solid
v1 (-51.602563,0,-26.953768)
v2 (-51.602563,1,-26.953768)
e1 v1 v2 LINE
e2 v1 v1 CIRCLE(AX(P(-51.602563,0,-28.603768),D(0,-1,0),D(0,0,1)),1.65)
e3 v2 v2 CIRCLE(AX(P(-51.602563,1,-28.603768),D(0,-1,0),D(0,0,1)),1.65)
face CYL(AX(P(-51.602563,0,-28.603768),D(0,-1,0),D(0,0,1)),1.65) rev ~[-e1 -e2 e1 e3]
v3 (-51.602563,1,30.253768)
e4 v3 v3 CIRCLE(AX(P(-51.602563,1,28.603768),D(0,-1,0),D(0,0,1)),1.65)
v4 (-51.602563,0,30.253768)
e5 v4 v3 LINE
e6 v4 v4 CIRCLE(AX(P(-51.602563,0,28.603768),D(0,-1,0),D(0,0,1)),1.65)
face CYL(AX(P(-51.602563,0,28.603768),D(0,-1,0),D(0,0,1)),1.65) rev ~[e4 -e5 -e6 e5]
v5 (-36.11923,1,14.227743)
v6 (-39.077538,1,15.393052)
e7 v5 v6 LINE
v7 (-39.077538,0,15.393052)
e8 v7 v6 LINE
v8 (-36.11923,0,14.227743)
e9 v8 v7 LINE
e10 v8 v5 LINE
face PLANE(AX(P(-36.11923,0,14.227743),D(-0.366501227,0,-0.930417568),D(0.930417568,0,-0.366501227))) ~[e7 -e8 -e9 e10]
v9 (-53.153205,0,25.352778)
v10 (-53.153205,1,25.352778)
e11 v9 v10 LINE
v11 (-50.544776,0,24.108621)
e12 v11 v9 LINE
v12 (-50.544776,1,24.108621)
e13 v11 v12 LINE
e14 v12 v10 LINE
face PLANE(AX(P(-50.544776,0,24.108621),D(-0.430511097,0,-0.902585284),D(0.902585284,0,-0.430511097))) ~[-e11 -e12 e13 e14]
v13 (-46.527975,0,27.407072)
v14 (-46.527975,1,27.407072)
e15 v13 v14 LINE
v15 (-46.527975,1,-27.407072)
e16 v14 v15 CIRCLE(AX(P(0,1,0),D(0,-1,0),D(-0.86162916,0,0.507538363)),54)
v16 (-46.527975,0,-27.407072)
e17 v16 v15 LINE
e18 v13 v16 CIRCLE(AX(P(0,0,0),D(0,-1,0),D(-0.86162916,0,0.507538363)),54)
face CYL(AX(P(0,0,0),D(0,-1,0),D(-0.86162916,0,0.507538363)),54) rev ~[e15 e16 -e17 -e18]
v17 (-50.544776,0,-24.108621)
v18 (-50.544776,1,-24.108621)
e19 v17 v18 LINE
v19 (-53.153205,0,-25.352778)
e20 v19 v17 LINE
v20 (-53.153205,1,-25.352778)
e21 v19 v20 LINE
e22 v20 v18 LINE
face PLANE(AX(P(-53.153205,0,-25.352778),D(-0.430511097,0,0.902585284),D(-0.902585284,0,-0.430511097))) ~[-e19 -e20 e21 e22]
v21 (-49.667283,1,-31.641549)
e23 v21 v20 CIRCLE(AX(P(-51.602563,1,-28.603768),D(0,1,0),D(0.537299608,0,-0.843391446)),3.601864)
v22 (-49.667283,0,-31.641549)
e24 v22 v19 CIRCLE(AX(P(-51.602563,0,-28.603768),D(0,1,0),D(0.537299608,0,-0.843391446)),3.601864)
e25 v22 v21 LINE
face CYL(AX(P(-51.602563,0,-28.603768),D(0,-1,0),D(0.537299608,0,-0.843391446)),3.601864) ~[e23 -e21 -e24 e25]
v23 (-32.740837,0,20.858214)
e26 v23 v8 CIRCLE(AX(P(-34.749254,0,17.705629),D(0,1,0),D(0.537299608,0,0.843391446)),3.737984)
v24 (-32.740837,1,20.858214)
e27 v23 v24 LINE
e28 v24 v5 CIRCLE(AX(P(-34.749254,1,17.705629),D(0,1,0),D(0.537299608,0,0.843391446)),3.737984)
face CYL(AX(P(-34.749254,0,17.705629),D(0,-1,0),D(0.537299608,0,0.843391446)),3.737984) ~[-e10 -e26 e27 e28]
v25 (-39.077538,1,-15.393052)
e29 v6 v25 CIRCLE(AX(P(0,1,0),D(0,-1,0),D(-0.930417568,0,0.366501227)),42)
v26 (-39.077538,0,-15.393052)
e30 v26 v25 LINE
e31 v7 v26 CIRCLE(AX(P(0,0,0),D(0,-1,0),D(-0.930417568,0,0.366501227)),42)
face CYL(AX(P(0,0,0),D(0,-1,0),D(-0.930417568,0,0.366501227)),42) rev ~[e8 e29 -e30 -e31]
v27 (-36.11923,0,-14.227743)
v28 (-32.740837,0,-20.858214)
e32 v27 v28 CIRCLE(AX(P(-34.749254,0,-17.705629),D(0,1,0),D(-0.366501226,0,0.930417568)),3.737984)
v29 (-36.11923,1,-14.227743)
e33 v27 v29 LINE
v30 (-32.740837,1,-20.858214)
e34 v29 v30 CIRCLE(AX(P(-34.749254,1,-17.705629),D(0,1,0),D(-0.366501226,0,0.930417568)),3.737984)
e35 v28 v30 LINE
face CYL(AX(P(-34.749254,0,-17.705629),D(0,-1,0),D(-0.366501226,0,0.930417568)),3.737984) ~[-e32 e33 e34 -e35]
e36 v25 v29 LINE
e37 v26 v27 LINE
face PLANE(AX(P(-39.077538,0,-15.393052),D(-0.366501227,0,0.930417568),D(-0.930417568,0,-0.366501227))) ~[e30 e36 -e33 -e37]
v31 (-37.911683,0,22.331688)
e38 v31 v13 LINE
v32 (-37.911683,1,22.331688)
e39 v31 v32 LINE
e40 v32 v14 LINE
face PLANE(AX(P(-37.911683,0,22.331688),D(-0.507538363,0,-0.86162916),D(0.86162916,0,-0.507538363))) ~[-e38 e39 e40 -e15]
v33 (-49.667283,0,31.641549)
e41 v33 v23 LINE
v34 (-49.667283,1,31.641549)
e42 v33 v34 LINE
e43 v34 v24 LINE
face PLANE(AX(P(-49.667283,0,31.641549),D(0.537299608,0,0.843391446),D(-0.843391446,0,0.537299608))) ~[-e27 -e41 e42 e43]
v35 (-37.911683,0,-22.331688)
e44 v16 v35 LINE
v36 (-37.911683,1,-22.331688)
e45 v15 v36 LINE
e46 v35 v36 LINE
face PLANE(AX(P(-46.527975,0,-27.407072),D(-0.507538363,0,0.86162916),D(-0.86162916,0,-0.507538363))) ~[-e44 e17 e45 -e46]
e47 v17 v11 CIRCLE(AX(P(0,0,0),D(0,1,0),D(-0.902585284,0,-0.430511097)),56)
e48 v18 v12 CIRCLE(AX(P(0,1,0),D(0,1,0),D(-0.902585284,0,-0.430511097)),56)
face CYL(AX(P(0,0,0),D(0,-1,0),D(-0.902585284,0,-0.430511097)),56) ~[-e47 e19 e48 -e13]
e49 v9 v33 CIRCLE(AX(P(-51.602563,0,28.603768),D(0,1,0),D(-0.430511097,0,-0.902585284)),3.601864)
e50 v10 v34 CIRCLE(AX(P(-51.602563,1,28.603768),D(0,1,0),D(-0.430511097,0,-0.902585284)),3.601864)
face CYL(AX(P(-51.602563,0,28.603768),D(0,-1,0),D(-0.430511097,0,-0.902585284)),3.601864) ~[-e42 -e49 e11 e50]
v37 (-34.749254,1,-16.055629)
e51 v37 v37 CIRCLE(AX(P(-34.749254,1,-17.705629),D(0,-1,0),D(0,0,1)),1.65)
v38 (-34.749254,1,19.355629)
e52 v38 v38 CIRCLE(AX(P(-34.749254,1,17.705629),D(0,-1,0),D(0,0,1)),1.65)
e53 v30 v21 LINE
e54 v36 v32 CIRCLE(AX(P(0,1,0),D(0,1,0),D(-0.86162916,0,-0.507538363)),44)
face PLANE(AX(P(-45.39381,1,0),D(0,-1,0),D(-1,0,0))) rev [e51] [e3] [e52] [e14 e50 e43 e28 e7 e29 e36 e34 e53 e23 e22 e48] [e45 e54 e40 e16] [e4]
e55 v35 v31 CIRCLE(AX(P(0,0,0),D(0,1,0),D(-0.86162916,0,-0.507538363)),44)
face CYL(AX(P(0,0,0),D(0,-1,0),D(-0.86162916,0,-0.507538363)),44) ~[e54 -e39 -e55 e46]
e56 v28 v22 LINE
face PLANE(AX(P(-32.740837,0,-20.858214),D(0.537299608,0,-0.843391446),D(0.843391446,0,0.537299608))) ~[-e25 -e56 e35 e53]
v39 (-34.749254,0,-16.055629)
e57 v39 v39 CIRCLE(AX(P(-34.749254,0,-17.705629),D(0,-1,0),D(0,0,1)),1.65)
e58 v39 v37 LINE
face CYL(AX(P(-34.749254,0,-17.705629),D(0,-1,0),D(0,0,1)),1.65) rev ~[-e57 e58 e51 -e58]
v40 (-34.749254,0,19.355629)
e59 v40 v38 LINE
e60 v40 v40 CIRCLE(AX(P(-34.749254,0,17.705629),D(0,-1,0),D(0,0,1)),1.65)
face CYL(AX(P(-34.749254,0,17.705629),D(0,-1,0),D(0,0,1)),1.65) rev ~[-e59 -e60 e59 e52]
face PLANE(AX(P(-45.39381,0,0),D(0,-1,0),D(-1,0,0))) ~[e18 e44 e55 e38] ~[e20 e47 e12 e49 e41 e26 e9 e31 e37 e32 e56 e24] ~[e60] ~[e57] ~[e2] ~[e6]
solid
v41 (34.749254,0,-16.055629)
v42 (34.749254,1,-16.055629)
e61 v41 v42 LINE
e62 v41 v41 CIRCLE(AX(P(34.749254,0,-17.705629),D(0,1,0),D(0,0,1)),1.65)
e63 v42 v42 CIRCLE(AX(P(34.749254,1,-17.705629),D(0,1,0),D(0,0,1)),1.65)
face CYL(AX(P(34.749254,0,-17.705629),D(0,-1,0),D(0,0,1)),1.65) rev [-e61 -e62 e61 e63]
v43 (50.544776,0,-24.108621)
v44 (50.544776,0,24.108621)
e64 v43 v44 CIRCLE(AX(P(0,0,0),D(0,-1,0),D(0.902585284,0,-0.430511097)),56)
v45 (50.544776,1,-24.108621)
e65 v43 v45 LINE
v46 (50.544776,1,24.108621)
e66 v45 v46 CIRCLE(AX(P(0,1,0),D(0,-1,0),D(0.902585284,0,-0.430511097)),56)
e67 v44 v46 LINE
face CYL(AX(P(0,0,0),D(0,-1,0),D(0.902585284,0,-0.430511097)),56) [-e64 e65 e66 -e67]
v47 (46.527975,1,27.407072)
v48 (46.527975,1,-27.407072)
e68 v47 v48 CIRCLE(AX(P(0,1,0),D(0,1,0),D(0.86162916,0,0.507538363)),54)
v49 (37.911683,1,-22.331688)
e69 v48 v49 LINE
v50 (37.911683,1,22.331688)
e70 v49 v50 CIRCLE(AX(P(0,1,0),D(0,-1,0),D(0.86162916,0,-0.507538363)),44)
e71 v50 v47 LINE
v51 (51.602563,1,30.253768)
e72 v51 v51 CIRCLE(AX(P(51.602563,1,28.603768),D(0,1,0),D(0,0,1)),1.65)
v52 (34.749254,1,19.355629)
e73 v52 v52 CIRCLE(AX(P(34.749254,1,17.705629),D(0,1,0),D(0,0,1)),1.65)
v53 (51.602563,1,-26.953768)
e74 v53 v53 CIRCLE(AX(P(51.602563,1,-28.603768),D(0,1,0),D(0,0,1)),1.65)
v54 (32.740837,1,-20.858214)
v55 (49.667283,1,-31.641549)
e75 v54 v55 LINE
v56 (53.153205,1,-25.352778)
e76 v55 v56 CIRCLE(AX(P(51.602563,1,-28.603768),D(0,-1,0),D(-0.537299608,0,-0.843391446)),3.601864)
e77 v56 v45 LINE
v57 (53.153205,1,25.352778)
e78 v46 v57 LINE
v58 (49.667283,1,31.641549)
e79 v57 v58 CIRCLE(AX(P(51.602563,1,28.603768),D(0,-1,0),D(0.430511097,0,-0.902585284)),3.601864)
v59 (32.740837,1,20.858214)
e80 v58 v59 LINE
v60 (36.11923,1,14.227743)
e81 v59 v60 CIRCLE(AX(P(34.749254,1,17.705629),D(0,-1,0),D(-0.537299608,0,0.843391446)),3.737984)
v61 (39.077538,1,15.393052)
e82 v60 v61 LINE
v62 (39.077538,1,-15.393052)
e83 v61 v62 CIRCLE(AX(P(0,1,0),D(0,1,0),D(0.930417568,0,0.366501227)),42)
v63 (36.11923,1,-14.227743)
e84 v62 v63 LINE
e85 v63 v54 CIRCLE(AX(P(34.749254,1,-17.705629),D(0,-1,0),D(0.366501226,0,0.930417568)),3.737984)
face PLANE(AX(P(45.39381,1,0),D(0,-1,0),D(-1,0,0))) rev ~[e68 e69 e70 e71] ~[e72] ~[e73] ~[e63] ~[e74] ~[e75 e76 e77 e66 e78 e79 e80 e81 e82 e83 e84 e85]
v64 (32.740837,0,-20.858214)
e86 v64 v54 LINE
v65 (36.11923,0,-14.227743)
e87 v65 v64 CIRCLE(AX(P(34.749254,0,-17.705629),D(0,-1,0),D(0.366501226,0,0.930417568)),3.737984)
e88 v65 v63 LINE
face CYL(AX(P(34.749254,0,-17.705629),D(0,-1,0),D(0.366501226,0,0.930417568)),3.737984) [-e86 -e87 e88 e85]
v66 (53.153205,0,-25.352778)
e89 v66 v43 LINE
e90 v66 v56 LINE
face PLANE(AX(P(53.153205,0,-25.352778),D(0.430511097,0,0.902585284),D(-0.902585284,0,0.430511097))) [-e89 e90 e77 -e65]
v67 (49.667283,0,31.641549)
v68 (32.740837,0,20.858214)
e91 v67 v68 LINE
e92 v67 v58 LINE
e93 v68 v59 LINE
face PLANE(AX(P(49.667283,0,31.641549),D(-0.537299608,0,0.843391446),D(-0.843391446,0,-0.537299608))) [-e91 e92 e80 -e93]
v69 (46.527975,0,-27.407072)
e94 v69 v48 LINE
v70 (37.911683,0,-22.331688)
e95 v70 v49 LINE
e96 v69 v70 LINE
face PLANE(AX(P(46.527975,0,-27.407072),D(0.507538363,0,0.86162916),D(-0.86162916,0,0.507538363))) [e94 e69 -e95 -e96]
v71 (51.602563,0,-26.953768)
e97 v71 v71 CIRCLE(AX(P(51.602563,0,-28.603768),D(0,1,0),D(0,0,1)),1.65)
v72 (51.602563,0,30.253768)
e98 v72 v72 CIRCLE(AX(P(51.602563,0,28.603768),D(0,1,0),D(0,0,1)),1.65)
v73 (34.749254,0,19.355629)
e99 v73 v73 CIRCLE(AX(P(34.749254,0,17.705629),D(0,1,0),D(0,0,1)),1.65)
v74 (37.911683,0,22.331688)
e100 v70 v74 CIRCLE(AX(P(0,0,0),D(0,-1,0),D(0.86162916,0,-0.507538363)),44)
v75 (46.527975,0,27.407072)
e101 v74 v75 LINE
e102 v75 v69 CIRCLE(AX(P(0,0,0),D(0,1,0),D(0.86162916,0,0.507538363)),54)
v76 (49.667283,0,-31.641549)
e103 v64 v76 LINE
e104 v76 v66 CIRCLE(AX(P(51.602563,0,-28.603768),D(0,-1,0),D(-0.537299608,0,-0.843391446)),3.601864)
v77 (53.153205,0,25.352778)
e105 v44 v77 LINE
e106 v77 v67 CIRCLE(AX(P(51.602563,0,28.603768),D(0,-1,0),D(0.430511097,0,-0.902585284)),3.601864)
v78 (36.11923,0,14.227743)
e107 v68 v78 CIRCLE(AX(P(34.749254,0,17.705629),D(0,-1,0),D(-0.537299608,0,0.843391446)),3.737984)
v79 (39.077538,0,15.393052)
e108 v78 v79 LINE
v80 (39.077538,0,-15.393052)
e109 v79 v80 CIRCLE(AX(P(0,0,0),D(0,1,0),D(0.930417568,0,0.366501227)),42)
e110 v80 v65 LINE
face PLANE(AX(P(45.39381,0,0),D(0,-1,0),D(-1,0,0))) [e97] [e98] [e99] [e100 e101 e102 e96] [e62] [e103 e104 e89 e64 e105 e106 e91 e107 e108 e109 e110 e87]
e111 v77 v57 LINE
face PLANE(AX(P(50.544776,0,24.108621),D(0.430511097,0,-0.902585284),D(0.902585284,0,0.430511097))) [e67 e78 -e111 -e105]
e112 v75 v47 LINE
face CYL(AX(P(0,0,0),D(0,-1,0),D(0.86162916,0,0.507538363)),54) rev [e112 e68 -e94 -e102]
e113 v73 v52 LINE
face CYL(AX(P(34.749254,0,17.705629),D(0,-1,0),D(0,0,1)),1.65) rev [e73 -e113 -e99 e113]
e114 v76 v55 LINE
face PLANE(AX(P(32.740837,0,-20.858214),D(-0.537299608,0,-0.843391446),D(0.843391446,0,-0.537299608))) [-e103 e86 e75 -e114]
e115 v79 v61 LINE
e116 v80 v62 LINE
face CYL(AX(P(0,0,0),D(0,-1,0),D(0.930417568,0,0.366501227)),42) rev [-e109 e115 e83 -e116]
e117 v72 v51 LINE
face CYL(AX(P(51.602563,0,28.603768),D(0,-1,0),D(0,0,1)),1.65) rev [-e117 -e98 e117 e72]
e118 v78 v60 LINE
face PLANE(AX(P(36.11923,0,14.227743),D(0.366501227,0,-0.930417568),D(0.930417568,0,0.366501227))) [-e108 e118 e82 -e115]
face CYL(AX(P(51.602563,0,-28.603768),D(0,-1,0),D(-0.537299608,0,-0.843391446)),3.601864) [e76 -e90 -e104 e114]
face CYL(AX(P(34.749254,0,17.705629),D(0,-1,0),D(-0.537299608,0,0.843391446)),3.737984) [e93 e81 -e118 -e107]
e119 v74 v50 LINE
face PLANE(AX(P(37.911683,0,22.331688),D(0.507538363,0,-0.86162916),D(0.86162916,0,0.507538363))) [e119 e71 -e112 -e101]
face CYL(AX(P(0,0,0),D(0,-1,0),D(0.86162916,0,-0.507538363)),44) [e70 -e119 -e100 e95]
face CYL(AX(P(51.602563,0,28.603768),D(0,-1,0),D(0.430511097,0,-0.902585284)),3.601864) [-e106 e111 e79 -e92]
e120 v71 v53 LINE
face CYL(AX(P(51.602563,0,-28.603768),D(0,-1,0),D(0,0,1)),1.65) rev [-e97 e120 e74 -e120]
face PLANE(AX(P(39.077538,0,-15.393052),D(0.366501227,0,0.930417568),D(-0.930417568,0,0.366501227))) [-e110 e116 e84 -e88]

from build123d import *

# Parameters (mm, degrees)
SKETCH1_R           = 1.65
BOSS_EXTRUDE1_DEPTH = 1


with BuildPart() as part:
    # Sketch1 → Boss-Extrude1 (new body)
    with BuildSketch(Plane(origin=(0, 0, 0), x_dir=(1, 0, 0), z_dir=(0, 1, 0))):
        with BuildLine():
            Line((50.544775924, 24.108621421), (53.15320507, 25.352778303))
            ThreePointArc((53.15320507, 25.352778303), (54.752823812, 30.349985831), (49.667282695, 31.64154874))
            Line((49.667282695, 31.64154874), (32.740836917, 20.858213514))
            ThreePointArc((32.740836917, 20.858213514), (31.418686002, 16.008620108), (36.119230292, 14.227743183))
            Line((36.119230292, 14.227743183), (39.077537855, 15.393051522))
            ThreePointArc((39.077537855, 15.393051522), (42, 0), (39.077537855, -15.393051522))
            Line((39.077537855, -15.393051522), (36.119230292, -14.227743183))
            ThreePointArc((36.119230292, -14.227743183), (31.418686002, -16.008620108), (32.740836917, -20.858213514))
            Line((32.740836917, -20.858213514), (49.667282695, -31.64154874))
            ThreePointArc((49.667282695, -31.64154874), (54.752823812, -30.349985831), (53.15320507, -25.352778303))
            Line((53.15320507, -25.352778303), (50.544775924, -24.108621421))
            ThreePointArc((50.544775924, -24.108621421), (56, 0), (50.544775924, 24.108621421))
        make_face()
        with Locations((34.749254443, -17.70562949)):
            Circle(SKETCH1_R, mode=Mode.SUBTRACT)
        with Locations((51.602562721, -28.603767595)):
            Circle(SKETCH1_R, mode=Mode.SUBTRACT)
        with BuildLine():
            Line((46.527974664, -27.4070716), (37.911683059, -22.33168797))
            ThreePointArc((37.911683059, -22.33168797), (44, 0), (37.911683059, 22.33168797))
            Line((37.911683059, 22.33168797), (46.527974664, 27.4070716))
            ThreePointArc((46.527974664, 27.4070716), (54, 0), (46.527974664, -27.4070716))
        make_face(mode=Mode.SUBTRACT)
        with Locations((34.749254443, 17.70562949)):
            Circle(SKETCH1_R, mode=Mode.SUBTRACT)
        with Locations((51.602562721, 28.603767595)):
            Circle(SKETCH1_R, mode=Mode.SUBTRACT)
    extrude(amount=BOSS_EXTRUDE1_DEPTH)


with BuildPart() as body_2:
    # Mirror2: mirrored copy
    add(part.part.mirror(Plane(origin=(0, 0, 0), x_dir=(0, 0, 1), z_dir=(1, 0, 0))))


solid = Compound([part.part, body_2.part])
